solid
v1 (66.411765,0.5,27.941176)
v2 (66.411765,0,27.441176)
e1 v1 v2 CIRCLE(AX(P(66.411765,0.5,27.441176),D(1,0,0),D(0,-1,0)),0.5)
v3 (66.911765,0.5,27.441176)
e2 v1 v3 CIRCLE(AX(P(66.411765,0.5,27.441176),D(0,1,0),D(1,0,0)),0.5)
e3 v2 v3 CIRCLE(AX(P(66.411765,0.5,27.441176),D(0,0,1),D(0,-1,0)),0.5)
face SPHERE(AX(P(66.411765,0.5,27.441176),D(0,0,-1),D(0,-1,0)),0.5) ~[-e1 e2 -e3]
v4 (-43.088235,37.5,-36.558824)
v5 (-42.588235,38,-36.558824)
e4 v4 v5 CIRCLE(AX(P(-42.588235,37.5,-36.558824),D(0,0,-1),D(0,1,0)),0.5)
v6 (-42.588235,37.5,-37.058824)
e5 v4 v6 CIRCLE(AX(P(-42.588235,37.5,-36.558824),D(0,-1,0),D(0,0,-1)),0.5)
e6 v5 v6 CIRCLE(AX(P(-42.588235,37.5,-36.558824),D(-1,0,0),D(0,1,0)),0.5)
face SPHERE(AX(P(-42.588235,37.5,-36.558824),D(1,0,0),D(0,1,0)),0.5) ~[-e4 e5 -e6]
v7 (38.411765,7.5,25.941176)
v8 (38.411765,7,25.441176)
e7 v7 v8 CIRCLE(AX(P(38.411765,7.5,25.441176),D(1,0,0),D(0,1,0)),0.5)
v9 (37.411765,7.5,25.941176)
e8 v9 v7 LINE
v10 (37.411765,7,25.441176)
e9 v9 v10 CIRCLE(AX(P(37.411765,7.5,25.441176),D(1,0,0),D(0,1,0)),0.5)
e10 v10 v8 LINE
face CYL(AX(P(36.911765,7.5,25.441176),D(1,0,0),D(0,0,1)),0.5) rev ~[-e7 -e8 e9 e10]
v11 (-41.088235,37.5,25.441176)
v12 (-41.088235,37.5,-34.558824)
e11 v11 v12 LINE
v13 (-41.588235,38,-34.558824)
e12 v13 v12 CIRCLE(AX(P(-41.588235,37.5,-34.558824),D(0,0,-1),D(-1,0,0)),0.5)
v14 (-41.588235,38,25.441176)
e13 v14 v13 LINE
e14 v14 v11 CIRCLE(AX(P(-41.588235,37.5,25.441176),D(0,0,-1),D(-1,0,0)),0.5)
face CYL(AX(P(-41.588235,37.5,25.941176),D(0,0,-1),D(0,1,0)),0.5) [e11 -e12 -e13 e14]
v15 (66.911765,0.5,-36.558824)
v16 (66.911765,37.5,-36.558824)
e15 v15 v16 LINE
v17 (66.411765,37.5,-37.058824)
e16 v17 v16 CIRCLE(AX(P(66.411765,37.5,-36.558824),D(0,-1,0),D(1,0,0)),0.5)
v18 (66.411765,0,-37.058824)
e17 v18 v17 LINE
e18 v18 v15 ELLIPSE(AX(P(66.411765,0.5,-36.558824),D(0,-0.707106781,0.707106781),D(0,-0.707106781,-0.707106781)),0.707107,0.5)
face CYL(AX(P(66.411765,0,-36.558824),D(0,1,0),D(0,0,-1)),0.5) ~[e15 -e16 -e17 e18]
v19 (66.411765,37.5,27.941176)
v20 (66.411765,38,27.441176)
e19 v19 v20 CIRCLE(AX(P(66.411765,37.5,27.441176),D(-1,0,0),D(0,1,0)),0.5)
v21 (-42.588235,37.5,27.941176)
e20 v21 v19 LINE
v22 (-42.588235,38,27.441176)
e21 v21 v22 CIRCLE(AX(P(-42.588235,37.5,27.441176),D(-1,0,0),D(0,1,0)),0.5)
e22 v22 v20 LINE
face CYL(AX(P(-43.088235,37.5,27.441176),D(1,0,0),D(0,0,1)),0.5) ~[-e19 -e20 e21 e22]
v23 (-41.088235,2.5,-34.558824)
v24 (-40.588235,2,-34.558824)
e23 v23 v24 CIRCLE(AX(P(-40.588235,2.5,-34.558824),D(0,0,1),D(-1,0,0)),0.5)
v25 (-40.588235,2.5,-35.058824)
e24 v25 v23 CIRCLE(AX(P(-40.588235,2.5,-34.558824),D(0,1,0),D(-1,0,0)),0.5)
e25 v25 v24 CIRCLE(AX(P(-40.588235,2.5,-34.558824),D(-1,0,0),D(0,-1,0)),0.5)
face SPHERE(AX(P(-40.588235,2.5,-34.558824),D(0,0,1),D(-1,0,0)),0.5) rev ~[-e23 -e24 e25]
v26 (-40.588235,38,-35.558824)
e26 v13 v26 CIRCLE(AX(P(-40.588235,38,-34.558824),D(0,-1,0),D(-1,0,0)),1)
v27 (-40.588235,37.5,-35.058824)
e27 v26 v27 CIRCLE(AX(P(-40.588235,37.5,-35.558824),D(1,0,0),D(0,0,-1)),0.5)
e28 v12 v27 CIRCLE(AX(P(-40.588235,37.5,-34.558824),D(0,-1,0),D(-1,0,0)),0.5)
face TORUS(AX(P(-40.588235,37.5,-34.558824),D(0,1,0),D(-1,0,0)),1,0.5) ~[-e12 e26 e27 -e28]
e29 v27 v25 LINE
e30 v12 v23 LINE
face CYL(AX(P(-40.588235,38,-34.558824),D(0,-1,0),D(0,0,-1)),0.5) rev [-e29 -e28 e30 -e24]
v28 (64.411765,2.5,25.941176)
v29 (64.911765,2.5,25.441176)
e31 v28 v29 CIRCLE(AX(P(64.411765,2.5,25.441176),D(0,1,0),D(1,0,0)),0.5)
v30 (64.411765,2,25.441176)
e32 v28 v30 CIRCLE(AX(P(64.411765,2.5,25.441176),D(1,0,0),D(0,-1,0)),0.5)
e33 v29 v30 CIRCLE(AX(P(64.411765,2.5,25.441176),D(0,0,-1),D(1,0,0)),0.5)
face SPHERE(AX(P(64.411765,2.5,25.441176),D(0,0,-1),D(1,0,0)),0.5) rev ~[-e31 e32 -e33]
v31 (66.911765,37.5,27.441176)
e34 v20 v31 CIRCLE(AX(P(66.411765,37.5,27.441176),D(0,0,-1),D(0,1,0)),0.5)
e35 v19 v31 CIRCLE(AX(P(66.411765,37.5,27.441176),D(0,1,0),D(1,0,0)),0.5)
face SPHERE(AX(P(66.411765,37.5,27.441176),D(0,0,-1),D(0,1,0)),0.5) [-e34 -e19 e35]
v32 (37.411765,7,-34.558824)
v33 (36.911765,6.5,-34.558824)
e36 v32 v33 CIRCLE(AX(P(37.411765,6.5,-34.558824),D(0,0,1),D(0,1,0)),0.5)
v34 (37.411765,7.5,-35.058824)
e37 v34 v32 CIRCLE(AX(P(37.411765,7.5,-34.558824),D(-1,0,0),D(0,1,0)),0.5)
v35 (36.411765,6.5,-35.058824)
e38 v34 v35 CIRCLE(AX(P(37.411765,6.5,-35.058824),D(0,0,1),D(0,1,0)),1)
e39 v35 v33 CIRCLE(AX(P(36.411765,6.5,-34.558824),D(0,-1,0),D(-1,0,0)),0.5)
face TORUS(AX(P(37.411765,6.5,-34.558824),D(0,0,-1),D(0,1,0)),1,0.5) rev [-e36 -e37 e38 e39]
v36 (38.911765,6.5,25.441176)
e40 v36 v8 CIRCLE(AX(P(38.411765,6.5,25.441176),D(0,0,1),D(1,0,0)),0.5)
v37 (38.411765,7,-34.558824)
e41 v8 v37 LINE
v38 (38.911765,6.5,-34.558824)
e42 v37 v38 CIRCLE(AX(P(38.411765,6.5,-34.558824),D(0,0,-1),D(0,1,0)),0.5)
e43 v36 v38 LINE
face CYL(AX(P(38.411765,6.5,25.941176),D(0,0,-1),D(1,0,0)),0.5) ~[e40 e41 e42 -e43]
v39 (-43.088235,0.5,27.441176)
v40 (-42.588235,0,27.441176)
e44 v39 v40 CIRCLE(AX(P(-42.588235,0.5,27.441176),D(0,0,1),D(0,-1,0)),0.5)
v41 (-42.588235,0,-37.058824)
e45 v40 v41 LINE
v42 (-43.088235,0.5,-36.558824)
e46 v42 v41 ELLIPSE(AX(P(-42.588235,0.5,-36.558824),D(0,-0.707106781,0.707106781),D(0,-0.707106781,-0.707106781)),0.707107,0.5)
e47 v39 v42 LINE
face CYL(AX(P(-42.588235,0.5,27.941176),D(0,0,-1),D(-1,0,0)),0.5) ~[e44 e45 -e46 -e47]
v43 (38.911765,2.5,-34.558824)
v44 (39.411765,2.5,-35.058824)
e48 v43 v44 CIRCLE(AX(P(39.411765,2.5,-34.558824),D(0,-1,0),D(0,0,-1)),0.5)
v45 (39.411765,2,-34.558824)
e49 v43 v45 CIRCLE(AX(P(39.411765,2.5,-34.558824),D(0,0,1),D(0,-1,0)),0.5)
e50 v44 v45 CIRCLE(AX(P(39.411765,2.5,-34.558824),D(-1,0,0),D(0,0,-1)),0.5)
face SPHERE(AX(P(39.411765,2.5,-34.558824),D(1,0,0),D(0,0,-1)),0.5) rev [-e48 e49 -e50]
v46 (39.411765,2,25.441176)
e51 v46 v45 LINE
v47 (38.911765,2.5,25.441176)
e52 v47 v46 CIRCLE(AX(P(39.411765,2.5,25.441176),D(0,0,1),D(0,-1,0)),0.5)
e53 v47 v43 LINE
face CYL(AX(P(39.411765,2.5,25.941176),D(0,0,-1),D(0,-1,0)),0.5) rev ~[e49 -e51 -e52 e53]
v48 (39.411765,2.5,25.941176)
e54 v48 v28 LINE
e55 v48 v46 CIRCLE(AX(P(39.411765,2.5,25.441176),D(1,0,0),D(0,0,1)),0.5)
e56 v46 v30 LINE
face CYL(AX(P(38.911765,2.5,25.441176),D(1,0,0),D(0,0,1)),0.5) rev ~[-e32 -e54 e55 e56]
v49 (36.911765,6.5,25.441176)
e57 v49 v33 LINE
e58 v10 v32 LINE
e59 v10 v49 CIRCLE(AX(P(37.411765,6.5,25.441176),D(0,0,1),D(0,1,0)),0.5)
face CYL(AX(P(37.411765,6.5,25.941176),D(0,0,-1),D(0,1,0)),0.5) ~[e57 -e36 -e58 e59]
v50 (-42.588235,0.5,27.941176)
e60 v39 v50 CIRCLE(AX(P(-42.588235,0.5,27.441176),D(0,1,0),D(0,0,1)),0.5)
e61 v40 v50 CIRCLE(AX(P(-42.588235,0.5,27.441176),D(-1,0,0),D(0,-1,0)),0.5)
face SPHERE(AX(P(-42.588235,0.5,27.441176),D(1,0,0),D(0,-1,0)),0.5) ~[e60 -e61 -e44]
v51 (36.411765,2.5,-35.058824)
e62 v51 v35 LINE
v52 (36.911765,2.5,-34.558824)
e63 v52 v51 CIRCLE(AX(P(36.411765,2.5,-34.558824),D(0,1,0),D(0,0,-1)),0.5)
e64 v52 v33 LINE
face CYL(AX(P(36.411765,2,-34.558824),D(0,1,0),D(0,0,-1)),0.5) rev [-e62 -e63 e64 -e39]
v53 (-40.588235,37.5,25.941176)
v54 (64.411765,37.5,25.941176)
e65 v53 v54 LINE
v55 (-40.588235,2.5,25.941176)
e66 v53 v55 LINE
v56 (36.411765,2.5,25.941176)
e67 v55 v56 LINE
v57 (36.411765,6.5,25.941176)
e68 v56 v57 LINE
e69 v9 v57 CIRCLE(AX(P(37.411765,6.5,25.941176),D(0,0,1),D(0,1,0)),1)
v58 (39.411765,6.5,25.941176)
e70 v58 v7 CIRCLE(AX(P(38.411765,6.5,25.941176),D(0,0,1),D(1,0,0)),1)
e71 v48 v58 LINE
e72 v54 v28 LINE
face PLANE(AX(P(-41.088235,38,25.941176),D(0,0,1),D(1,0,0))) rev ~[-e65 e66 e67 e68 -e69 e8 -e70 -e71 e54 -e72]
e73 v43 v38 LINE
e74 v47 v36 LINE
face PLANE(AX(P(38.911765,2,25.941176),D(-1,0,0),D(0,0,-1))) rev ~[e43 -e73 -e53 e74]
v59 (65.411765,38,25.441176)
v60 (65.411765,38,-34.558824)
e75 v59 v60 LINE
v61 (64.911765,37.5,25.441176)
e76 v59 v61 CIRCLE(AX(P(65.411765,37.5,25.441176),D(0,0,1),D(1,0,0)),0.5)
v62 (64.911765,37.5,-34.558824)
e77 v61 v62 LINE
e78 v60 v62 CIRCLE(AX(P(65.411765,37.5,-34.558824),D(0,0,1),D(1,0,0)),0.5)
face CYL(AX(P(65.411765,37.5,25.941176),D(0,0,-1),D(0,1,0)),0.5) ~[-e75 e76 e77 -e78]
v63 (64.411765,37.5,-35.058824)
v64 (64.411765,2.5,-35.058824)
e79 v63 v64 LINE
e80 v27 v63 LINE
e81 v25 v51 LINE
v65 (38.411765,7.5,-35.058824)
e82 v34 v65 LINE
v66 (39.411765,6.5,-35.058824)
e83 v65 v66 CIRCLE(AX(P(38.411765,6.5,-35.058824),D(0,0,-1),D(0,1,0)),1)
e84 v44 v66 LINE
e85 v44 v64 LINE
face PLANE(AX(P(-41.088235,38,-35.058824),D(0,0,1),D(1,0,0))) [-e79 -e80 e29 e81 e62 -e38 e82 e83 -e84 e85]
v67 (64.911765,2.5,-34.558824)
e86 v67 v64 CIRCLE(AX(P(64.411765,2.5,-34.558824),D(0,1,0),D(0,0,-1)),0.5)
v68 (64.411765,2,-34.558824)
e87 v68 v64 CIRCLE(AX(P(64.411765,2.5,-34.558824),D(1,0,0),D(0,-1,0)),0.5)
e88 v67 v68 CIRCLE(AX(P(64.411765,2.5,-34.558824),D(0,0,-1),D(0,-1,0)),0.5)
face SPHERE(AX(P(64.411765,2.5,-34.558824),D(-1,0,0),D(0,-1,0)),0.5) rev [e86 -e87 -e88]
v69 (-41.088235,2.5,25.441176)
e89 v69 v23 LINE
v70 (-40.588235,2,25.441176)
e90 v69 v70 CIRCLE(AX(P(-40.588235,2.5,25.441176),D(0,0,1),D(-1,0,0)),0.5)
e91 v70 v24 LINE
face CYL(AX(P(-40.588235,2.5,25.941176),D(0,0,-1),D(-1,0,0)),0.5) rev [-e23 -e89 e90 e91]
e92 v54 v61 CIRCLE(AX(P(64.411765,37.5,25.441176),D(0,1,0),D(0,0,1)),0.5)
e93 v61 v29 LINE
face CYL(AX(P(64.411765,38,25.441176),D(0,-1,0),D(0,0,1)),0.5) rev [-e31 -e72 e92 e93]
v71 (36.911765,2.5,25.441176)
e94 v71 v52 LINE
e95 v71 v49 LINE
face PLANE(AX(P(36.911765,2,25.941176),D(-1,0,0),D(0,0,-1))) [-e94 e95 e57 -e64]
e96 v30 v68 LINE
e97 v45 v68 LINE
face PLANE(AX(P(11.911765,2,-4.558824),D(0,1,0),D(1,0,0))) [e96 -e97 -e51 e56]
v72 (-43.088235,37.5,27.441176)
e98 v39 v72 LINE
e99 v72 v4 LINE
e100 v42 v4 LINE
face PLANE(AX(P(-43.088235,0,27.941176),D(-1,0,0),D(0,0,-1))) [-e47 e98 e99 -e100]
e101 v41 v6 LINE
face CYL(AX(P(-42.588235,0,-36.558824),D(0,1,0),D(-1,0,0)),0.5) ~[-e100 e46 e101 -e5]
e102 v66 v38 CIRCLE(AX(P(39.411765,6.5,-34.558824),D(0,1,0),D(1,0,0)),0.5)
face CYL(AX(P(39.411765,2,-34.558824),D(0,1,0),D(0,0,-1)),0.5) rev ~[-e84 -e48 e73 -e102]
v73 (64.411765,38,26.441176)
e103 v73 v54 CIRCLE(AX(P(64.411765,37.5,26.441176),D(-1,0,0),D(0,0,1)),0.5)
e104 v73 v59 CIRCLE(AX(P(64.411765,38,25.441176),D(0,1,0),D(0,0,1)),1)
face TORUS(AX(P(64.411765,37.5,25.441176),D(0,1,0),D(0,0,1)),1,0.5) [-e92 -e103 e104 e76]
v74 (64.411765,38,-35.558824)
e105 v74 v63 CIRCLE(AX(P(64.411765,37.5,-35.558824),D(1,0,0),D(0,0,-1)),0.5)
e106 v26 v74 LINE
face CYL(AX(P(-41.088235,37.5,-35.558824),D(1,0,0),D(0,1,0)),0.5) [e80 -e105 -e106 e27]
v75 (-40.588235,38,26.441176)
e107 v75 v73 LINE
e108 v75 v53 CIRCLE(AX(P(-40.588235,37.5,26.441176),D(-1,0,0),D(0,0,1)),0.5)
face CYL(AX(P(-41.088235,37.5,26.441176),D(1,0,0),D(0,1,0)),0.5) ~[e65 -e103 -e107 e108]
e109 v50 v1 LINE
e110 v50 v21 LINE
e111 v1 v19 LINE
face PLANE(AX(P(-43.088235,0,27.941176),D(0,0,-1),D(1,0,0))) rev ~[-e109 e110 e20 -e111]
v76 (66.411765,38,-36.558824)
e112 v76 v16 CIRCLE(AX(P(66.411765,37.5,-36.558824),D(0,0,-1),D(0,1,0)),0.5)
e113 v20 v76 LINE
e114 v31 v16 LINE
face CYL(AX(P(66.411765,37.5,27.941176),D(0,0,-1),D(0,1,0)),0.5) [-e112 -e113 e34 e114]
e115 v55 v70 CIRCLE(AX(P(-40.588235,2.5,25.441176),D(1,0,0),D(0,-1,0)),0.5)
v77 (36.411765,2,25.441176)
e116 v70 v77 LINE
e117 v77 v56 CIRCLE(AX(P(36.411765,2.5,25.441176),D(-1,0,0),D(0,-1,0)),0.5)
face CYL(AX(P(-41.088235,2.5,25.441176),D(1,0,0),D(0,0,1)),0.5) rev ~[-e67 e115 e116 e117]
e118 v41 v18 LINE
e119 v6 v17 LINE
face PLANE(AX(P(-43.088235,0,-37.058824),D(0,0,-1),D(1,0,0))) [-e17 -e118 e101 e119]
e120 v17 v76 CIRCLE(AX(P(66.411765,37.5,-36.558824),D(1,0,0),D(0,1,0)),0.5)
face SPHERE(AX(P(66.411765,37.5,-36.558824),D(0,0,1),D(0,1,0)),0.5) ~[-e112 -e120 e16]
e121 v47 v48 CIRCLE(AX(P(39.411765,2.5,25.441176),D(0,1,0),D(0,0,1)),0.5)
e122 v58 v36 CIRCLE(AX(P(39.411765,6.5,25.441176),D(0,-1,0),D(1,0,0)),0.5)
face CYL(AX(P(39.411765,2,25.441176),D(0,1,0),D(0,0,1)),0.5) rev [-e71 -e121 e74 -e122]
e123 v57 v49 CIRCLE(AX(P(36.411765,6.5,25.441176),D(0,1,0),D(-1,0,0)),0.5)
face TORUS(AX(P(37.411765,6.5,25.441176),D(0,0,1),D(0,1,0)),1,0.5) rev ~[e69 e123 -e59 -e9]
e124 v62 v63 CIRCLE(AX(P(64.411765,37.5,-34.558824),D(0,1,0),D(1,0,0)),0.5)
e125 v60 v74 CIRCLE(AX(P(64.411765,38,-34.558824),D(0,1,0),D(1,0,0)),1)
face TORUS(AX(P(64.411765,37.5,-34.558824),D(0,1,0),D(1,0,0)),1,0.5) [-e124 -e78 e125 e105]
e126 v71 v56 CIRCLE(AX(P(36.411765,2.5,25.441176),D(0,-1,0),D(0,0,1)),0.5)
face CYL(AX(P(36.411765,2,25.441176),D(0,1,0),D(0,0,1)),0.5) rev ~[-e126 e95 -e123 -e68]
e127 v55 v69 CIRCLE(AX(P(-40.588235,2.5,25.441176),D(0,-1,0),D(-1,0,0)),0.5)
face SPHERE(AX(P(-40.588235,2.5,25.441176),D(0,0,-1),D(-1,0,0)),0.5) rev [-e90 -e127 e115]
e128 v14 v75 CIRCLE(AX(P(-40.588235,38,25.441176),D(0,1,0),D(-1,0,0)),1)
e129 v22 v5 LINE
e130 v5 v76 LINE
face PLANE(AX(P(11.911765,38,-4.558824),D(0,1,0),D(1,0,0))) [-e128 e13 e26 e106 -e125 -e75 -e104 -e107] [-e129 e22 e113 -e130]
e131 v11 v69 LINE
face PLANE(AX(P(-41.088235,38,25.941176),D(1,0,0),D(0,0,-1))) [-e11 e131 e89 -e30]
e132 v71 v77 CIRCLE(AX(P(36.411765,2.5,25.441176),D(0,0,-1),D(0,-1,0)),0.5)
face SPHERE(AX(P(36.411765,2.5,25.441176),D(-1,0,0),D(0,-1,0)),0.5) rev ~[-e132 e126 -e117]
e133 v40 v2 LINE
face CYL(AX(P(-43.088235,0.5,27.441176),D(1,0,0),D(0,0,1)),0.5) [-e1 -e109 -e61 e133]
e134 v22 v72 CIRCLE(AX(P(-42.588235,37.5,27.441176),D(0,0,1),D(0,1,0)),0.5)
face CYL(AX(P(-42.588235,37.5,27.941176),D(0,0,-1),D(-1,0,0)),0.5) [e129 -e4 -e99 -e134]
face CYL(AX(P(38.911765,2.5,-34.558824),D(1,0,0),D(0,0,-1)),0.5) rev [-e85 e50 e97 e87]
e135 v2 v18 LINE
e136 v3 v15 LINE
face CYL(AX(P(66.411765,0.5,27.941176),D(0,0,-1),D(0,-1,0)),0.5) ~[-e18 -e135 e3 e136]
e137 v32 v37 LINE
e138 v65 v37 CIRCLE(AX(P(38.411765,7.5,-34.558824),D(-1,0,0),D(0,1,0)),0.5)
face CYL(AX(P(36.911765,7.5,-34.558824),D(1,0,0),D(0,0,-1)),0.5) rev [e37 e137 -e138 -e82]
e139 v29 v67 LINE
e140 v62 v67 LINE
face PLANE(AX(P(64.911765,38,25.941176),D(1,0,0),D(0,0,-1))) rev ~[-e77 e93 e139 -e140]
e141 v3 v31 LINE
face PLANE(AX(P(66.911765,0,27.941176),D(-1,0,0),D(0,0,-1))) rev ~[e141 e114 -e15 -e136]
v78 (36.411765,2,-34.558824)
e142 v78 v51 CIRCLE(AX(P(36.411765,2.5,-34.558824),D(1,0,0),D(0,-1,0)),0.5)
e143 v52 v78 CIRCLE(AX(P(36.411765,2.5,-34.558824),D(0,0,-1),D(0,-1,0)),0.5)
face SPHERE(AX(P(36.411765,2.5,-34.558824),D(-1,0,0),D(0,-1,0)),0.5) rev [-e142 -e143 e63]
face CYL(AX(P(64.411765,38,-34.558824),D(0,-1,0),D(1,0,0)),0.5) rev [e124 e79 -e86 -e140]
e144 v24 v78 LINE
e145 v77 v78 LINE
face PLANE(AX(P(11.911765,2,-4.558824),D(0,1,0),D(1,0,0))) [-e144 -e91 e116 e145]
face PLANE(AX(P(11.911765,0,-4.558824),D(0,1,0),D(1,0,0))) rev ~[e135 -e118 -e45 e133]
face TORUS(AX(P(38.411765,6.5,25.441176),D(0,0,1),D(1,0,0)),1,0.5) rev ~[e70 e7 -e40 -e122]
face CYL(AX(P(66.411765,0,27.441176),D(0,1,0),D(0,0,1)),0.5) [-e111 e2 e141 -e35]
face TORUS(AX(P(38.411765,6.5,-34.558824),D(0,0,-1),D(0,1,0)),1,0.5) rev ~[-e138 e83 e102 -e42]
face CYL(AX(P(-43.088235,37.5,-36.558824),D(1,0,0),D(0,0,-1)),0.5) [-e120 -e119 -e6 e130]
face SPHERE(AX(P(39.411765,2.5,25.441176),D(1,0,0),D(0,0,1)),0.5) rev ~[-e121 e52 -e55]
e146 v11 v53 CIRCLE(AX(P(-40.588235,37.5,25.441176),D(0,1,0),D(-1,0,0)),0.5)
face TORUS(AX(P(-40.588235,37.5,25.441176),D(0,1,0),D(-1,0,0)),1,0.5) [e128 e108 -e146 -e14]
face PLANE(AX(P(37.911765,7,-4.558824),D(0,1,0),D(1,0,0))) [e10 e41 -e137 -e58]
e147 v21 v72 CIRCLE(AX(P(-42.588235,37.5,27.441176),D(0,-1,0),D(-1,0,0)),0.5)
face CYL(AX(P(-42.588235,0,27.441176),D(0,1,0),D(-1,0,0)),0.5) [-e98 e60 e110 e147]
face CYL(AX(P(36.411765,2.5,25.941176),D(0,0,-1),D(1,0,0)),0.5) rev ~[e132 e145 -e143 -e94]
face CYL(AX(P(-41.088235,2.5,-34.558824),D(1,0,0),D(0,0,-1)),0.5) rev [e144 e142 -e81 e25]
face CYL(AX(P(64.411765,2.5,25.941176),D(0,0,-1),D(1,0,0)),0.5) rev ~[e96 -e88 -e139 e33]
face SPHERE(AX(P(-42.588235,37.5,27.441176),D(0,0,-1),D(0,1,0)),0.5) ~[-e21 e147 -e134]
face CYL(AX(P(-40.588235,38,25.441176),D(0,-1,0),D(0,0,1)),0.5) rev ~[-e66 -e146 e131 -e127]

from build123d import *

# Parameters (mm, degrees)
SKETCH1_W           = 110
SKETCH1_H           = 65
BOSS_EXTRUDE1_DEPTH = 38
SKETCH2_W           = 106
SKETCH2_H           = 61
CUT_EXTRUDE1_DEPTH  = 36
SKETCH3_W           = 2
SKETCH3_H           = 61
BOSS_EXTRUDE2_DEPTH = 5
FILLET4_R           = 0.5


with BuildPart() as part:
    # Sketch1 → Boss-Extrude1 (new body)
    with BuildSketch(Plane(origin=(0, 0, 0), x_dir=(1, 0, 0), z_dir=(0, 1, 0))):
        with Locations((11.911764706, 4.558823529)):
            Rectangle(SKETCH1_W, SKETCH1_H)
    extrude(amount=BOSS_EXTRUDE1_DEPTH)

    # Sketch2 → Cut-Extrude1 (cut)
    with BuildSketch(Plane(origin=(0, 38, 0), x_dir=(1, 0, 0), z_dir=(0, 1, 0))):
        with Locations((11.911764706, 4.558823529)):
            Rectangle(SKETCH2_W, SKETCH2_H)
    extrude(amount=-CUT_EXTRUDE1_DEPTH, mode=Mode.SUBTRACT)

    # Sketch3 → Boss-Extrude2 (add)
    with BuildSketch(Plane(origin=(0, 2, 0), x_dir=(1, 0, 0), z_dir=(0, 1, 0))):
        with Locations((37.911764706, 4.558823529)):
            Rectangle(SKETCH3_W, SKETCH3_H)
    extrude(amount=BOSS_EXTRUDE2_DEPTH)

    # Fillet4
    fillet4_edges = [part.edges().sort_by_distance(p)[0] for p in [
        (66.911764706, 38, -4.558823529),
        (11.911764706, 38, -37.058823529),
        (-41.088235294, 2, -4.558823529),
        (-41.088235294, 20, 25.941176471),
        (51.911764706, 2, -35.058823529),
        (-41.088235294, 20, -35.058823529),
        (64.911764706, 2, -4.558823529),
        (64.911764706, 20, -35.058823529),
        (-2.088235294, 2, 25.941176471),
        (64.911764706, 20, 25.941176471),
        (-41.088235294, 38, -4.558823529),
        (11.911764706, 38, 25.941176471),
        (64.911764706, 38, -4.558823529),
        (11.911764706, 38, -35.058823529),
        (51.911764706, 2, 25.941176471),
        (-2.088235294, 2, -35.058823529),
        (37.911764706, 7, -35.058823529),
        (38.911764706, 4.5, -35.058823529),
        (36.911764706, 2, -4.558823529),
        (36.911764706, 4.5, -35.058823529),
        (36.911764706, 4.5, 25.941176471),
        (38.911764706, 7, -4.558823529),
        (38.911764706, 4.5, 25.941176471),
        (36.911764706, 7, -4.558823529),
        (37.911764706, 7, 25.941176471),
        (38.911764706, 2, -4.558823529),
        (-43.088235294, 38, -4.558823529),
        (66.911764706, 0, -4.558823529),
        (11.911764706, 0, 27.941176471),
        (-43.088235294, 0, -4.558823529),
        (11.911764706, 38, 27.941176471),
        (-43.088235294, 19, -37.058823529),
        (66.911764706, 19, -37.058823529),
        (66.911764706, 19, 27.941176471),
        (-43.088235294, 19, 27.941176471),
    ]]
    fillet(fillet4_edges, radius=FILLET4_R)


solid = part.part
